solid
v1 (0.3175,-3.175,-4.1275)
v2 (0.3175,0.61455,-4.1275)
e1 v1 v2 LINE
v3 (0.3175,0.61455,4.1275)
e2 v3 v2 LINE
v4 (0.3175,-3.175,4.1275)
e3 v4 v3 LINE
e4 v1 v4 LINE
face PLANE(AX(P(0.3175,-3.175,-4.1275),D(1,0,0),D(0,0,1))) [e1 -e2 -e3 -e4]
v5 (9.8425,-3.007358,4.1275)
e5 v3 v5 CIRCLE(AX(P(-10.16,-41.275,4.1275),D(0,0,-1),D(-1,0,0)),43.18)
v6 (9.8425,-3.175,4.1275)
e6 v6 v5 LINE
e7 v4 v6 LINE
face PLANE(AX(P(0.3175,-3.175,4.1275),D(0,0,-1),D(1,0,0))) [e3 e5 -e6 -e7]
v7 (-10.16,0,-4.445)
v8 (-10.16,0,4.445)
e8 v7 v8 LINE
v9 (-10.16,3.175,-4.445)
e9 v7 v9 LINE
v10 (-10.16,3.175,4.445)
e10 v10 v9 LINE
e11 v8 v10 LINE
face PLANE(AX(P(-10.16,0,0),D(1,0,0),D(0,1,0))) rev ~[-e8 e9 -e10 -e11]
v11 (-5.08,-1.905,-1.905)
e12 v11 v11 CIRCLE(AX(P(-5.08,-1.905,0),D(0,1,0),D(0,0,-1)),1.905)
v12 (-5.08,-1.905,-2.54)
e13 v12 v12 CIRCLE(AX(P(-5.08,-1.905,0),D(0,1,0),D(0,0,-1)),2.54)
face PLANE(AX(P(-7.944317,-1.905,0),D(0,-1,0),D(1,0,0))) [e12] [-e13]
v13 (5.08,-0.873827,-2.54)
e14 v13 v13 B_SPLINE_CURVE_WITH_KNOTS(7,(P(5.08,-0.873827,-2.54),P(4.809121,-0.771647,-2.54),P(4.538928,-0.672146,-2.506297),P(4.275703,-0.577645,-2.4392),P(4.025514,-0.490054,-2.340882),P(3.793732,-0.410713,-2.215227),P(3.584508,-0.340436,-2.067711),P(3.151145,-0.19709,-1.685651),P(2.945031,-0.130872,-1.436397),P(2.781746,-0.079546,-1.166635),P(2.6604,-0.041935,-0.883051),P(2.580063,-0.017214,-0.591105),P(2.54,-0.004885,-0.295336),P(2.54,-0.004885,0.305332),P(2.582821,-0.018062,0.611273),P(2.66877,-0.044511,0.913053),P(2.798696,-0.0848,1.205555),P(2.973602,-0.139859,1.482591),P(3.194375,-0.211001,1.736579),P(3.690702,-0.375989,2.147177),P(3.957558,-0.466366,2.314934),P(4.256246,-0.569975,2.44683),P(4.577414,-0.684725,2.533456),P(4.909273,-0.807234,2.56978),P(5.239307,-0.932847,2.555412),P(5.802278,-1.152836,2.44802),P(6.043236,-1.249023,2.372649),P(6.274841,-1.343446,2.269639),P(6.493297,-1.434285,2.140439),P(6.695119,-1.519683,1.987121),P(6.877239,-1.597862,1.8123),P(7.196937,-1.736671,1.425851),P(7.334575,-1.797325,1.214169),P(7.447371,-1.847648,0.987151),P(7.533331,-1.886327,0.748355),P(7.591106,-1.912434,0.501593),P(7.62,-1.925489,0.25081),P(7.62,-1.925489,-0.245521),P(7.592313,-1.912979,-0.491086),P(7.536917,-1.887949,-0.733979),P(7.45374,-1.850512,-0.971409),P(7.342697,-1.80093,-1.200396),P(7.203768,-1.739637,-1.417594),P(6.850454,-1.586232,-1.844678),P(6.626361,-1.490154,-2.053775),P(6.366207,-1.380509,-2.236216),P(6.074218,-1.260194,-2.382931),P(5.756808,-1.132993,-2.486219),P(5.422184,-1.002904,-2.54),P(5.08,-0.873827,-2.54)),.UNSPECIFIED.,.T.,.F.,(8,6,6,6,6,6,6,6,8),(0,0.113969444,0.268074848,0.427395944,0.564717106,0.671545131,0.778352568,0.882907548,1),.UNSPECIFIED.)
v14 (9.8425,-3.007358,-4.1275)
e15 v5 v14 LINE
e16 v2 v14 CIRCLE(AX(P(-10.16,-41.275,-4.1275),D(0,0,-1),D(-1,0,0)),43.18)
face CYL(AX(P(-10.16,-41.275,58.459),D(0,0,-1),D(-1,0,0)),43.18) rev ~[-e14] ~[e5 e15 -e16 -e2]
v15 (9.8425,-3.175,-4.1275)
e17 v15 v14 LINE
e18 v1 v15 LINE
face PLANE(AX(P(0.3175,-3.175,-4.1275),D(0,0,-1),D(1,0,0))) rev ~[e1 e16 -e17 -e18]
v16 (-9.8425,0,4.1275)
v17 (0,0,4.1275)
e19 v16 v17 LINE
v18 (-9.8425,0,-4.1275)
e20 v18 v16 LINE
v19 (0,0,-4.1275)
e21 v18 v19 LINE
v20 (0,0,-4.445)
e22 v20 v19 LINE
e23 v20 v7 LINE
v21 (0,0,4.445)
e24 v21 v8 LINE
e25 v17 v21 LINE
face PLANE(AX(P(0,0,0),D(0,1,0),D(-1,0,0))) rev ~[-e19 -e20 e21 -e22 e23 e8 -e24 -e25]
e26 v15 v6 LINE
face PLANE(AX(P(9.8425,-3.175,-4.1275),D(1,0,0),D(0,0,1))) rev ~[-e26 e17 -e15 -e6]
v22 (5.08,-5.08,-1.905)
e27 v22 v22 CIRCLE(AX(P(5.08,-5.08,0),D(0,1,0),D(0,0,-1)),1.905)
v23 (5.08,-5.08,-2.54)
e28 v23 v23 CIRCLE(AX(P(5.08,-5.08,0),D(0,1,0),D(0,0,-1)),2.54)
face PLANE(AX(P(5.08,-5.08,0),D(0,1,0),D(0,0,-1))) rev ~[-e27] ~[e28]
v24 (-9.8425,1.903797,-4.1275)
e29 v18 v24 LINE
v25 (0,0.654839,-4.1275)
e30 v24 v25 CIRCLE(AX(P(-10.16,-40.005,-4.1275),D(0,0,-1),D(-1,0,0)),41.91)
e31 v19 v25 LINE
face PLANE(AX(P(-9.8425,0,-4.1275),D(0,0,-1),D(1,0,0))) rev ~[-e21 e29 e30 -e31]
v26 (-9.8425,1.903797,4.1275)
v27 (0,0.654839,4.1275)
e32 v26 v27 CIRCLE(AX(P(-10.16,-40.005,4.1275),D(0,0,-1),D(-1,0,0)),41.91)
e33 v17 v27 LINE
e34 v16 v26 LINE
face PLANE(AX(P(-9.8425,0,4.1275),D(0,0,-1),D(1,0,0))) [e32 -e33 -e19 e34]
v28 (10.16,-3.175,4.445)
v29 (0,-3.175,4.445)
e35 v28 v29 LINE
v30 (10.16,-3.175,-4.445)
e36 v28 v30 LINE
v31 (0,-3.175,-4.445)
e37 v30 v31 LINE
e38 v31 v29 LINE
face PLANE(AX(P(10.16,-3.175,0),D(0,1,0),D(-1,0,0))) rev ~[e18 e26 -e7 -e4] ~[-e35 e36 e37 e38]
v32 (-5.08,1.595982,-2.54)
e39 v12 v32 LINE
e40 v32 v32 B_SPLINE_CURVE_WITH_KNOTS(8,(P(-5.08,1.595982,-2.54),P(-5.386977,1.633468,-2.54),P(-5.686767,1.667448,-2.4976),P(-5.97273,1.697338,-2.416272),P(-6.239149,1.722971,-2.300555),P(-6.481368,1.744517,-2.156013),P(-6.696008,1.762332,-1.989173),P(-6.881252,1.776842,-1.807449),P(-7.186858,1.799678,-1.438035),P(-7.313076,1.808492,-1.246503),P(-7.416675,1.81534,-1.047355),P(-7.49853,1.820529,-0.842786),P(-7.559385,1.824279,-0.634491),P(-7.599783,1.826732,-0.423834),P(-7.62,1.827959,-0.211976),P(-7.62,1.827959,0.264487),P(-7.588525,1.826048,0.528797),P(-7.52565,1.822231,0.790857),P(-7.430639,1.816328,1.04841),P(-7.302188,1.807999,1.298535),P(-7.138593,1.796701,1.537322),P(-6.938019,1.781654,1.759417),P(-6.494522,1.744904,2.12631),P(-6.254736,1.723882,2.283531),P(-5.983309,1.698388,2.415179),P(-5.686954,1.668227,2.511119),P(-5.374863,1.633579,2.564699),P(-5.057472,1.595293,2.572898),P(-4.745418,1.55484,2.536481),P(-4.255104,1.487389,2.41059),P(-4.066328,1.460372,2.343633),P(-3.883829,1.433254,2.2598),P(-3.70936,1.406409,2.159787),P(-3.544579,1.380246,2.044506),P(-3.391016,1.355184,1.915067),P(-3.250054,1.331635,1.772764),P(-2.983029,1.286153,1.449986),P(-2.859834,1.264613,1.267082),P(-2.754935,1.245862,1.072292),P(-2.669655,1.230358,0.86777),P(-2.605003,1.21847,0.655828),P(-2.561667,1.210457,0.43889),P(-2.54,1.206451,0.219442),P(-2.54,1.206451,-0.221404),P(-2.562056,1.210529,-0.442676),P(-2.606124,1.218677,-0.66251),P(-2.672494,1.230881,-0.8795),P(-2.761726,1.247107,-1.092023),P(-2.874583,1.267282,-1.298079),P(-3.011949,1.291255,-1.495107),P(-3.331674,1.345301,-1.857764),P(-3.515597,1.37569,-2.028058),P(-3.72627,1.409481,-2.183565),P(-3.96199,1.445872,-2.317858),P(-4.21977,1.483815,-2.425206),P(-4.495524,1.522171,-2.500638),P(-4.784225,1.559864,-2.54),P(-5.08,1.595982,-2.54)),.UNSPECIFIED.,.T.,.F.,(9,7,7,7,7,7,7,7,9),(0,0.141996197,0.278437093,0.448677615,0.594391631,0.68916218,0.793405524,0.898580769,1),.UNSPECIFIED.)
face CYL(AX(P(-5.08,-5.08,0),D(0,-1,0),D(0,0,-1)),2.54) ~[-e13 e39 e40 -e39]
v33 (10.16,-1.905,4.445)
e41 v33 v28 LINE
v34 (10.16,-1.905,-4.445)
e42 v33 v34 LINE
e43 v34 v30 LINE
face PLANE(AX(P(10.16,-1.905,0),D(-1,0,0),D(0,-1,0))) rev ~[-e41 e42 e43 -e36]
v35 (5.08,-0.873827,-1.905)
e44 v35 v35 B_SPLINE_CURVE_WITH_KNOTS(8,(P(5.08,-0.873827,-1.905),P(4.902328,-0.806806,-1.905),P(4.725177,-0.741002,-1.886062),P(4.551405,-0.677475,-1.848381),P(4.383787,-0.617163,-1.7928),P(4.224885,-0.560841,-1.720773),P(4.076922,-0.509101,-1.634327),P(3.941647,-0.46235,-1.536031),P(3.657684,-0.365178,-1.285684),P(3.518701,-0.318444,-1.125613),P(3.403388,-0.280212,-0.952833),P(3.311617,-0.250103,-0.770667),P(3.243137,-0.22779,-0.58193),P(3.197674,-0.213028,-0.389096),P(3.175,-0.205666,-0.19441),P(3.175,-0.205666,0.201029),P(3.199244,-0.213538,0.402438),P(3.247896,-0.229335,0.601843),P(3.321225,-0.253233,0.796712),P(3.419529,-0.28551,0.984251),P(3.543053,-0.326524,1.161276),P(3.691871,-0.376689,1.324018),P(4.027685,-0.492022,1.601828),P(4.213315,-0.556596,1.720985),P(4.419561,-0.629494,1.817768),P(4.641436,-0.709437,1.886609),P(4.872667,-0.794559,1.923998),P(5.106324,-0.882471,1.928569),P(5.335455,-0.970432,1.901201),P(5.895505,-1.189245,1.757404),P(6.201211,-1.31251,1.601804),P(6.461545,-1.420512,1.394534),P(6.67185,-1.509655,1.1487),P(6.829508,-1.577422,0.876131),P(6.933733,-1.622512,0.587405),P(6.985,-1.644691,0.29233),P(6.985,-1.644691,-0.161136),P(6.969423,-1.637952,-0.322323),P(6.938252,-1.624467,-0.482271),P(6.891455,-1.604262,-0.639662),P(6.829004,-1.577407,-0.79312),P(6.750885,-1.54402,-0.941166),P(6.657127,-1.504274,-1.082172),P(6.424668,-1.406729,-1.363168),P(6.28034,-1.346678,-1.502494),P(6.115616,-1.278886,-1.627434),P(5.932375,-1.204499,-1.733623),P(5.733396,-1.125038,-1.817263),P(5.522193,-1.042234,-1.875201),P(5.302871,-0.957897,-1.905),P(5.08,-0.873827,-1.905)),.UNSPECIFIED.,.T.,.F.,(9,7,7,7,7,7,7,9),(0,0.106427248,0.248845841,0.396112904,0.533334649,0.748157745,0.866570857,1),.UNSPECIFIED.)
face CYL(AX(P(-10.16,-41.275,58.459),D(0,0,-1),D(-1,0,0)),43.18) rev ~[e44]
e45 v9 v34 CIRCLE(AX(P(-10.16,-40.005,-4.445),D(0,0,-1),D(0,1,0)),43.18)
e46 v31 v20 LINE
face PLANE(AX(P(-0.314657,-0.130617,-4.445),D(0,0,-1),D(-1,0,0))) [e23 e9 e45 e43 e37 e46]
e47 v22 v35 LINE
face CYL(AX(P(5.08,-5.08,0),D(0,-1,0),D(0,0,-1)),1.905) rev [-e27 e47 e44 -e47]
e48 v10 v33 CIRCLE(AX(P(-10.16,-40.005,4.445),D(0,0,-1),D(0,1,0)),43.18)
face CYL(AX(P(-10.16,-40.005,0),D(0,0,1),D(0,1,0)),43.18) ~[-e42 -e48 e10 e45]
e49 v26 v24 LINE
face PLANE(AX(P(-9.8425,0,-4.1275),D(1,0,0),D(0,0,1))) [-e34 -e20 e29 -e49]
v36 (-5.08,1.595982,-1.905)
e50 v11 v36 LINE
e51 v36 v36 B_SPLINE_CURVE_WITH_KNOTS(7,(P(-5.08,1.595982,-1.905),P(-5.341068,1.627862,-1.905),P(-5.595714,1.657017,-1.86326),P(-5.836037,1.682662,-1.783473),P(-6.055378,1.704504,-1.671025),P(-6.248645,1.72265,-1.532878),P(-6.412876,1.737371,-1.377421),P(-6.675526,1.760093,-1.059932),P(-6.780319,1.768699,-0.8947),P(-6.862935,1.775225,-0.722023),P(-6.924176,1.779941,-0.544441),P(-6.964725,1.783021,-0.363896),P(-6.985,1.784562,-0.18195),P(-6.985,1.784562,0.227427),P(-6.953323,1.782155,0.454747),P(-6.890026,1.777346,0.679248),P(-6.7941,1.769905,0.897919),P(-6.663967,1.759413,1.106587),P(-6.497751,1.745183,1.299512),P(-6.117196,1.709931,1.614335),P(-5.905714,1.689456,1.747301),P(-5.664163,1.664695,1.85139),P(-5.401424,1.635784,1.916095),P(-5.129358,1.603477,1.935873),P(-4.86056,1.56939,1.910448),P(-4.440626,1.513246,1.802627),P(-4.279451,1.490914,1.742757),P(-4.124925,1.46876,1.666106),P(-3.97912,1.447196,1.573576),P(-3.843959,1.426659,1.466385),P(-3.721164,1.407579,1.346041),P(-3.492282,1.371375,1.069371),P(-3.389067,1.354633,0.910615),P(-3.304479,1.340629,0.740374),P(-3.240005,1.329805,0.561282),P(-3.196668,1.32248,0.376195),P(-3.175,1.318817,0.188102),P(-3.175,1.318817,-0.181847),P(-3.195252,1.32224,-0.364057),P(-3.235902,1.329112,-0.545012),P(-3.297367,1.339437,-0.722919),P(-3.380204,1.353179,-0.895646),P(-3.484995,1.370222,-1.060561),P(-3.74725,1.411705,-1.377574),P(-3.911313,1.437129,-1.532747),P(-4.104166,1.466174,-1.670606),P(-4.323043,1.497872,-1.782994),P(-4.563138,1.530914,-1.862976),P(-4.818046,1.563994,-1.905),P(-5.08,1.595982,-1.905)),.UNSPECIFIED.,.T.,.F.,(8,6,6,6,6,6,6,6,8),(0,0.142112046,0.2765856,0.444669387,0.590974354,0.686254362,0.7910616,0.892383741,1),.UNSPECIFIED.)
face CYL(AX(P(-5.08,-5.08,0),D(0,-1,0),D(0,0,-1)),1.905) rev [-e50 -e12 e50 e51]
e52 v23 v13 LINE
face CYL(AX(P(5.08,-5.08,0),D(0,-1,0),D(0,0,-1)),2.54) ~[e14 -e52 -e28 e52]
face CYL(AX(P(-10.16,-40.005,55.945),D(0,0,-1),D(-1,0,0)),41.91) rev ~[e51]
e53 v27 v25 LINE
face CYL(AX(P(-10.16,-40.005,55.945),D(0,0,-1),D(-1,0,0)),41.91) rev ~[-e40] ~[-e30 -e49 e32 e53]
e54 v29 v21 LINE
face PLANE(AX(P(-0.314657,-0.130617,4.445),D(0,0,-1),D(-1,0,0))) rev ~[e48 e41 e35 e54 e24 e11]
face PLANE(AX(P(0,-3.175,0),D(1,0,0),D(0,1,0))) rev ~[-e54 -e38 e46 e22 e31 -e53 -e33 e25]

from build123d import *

# Parameters (mm, degrees)
BOSS_EXTRUDE1_DEPTH     = 4.445
CUT_EXTRUDE1_REACH      = 13.535
CUT_EXTRUDE1_END_RADIUS = 41.91
SKETCH2_W               = 9.8425
SKETCH2_H               = 8.255
CUT_EXTRUDE3_REACH      = 14.779
CUT_EXTRUDE3_END_RADIUS = 43.18
SKETCH3_W               = 9.525
SKETCH3_H               = 8.255
BOSS_EXTRUDE2_REACH     = 15.825
SKETCH4_R               = 2.54
SKETCH4_R_2             = 1.905
SKETCH5_W               = 6.203096786
SKETCH5_H               = 3.175
CUT_EXTRUDE4_DEPTH      = 13.197951714
CUT_EXTRUDE4_DEPTH_BACK = 13.197951714


with BuildPart() as part:
    # Sketch1 → Boss-Extrude1 (new, symmetric)
    with BuildSketch(Plane.XY):
        with BuildLine():
            Line((-10.16, 0), (-10.16, 3.175))
            ThreePointArc((-10.16, 3.175), (0.312688289, 1.885753156), (10.16, -1.905))
            Line((10.16, -1.905), (10.16, -3.175))
            Line((10.16, -3.175), (0, -3.175))
            Line((0, -3.175), (0, 0))
            Line((0, 0), (-10.16, 0))
        make_face()
    extrude(amount=BOSS_EXTRUDE1_DEPTH, both=True)

    # Cut-Extrude1: up to this cylinder (the profile starts inside it)
    cut_extrude1_end = Plane(origin=(-10.16, -40.005, 0), z_dir=(0, 0, -1)) * Cylinder(CUT_EXTRUDE1_END_RADIUS, 111.89, mode=Mode.PRIVATE)
    # Sketch2 → Cut-Extrude1 (cut, up to the surface)
    with BuildSketch(Plane.XZ, mode=Mode.PRIVATE) as cut_extrude1_sk1:
        with Locations((-4.92125, 0)):
            Rectangle(SKETCH2_W, SKETCH2_H)
    cut_extrude1_tool1 = extrude(cut_extrude1_sk1.sketch, amount=-CUT_EXTRUDE1_REACH, mode=Mode.PRIVATE) & cut_extrude1_end
    add(cut_extrude1_tool1.solids().sort_by_distance((-4.92125, 0, 0))[0], mode=Mode.SUBTRACT)

    # Cut-Extrude3: up to this cylinder (the profile starts inside it)
    cut_extrude3_end = Plane(origin=(-10.16, -41.275, 0), z_dir=(0, 0, -1)) * Cylinder(CUT_EXTRUDE3_END_RADIUS, 116.918, mode=Mode.PRIVATE)
    # Sketch3 → Cut-Extrude3 (cut, up to the surface)
    with BuildSketch(Plane.XZ.offset(3.175), mode=Mode.PRIVATE) as cut_extrude3_sk1:
        with Locations((5.08, 0)):
            Rectangle(SKETCH3_W, SKETCH3_H)
    cut_extrude3_tool1 = extrude(cut_extrude3_sk1.sketch, amount=-CUT_EXTRUDE3_REACH, mode=Mode.PRIVATE) & cut_extrude3_end
    add(cut_extrude3_tool1.solids().sort_by_distance((5.08, -3.175, 0))[0], mode=Mode.SUBTRACT)

    # Sketch4 → Boss-Extrude2 (add, up to next)
    with BuildSketch(Plane(origin=(0, -5.08, 0), x_dir=(1, 0, 0), z_dir=(0, 1, 0)), mode=Mode.PRIVATE) as boss_extrude2_sk1:
        with Locations(Location((-5.08, 0, 0), (0, 0, 90))):
            Circle(SKETCH4_R)
        with Locations(Location((-5.08, 0, 0), (0, 0, 90))):
            Circle(SKETCH4_R_2, mode=Mode.SUBTRACT)
    boss_extrude2_tool1 = extrude(boss_extrude2_sk1.sketch, amount=BOSS_EXTRUDE2_REACH, mode=Mode.PRIVATE) - part.part
    # Sketch4 → Boss-Extrude2 (add, up to next)
    with BuildSketch(Plane(origin=(0, -5.08, 0), x_dir=(1, 0, 0), z_dir=(0, 1, 0)), mode=Mode.PRIVATE) as boss_extrude2_sk2:
        with Locations(Location((5.08, 0, 0), (0, 0, 90))):
            Circle(SKETCH4_R)
        with Locations(Location((5.08, 0, 0), (0, 0, 90))):
            Circle(SKETCH4_R_2, mode=Mode.SUBTRACT)
    boss_extrude2_tool2 = extrude(boss_extrude2_sk2.sketch, amount=BOSS_EXTRUDE2_REACH, mode=Mode.PRIVATE) - part.part
    add(boss_extrude2_tool1.solids().sort_by_distance((-5.08, -5.08, 2.468158))[0])
    add(boss_extrude2_tool2.solids().sort_by_distance((5.08, -5.08, 2.468158))[0])

    # Sketch5 → Cut-Extrude4 (cut, two sides)
    with BuildSketch(Plane.XY) as cut_extrude4_sk:
        with Locations((-4.842768544, -3.4925)):
            Rectangle(SKETCH5_W, SKETCH5_H)
    extrude(amount=CUT_EXTRUDE4_DEPTH, mode=Mode.SUBTRACT)
    extrude(cut_extrude4_sk.sketch, amount=-CUT_EXTRUDE4_DEPTH_BACK, mode=Mode.SUBTRACT)


solid = part.part
